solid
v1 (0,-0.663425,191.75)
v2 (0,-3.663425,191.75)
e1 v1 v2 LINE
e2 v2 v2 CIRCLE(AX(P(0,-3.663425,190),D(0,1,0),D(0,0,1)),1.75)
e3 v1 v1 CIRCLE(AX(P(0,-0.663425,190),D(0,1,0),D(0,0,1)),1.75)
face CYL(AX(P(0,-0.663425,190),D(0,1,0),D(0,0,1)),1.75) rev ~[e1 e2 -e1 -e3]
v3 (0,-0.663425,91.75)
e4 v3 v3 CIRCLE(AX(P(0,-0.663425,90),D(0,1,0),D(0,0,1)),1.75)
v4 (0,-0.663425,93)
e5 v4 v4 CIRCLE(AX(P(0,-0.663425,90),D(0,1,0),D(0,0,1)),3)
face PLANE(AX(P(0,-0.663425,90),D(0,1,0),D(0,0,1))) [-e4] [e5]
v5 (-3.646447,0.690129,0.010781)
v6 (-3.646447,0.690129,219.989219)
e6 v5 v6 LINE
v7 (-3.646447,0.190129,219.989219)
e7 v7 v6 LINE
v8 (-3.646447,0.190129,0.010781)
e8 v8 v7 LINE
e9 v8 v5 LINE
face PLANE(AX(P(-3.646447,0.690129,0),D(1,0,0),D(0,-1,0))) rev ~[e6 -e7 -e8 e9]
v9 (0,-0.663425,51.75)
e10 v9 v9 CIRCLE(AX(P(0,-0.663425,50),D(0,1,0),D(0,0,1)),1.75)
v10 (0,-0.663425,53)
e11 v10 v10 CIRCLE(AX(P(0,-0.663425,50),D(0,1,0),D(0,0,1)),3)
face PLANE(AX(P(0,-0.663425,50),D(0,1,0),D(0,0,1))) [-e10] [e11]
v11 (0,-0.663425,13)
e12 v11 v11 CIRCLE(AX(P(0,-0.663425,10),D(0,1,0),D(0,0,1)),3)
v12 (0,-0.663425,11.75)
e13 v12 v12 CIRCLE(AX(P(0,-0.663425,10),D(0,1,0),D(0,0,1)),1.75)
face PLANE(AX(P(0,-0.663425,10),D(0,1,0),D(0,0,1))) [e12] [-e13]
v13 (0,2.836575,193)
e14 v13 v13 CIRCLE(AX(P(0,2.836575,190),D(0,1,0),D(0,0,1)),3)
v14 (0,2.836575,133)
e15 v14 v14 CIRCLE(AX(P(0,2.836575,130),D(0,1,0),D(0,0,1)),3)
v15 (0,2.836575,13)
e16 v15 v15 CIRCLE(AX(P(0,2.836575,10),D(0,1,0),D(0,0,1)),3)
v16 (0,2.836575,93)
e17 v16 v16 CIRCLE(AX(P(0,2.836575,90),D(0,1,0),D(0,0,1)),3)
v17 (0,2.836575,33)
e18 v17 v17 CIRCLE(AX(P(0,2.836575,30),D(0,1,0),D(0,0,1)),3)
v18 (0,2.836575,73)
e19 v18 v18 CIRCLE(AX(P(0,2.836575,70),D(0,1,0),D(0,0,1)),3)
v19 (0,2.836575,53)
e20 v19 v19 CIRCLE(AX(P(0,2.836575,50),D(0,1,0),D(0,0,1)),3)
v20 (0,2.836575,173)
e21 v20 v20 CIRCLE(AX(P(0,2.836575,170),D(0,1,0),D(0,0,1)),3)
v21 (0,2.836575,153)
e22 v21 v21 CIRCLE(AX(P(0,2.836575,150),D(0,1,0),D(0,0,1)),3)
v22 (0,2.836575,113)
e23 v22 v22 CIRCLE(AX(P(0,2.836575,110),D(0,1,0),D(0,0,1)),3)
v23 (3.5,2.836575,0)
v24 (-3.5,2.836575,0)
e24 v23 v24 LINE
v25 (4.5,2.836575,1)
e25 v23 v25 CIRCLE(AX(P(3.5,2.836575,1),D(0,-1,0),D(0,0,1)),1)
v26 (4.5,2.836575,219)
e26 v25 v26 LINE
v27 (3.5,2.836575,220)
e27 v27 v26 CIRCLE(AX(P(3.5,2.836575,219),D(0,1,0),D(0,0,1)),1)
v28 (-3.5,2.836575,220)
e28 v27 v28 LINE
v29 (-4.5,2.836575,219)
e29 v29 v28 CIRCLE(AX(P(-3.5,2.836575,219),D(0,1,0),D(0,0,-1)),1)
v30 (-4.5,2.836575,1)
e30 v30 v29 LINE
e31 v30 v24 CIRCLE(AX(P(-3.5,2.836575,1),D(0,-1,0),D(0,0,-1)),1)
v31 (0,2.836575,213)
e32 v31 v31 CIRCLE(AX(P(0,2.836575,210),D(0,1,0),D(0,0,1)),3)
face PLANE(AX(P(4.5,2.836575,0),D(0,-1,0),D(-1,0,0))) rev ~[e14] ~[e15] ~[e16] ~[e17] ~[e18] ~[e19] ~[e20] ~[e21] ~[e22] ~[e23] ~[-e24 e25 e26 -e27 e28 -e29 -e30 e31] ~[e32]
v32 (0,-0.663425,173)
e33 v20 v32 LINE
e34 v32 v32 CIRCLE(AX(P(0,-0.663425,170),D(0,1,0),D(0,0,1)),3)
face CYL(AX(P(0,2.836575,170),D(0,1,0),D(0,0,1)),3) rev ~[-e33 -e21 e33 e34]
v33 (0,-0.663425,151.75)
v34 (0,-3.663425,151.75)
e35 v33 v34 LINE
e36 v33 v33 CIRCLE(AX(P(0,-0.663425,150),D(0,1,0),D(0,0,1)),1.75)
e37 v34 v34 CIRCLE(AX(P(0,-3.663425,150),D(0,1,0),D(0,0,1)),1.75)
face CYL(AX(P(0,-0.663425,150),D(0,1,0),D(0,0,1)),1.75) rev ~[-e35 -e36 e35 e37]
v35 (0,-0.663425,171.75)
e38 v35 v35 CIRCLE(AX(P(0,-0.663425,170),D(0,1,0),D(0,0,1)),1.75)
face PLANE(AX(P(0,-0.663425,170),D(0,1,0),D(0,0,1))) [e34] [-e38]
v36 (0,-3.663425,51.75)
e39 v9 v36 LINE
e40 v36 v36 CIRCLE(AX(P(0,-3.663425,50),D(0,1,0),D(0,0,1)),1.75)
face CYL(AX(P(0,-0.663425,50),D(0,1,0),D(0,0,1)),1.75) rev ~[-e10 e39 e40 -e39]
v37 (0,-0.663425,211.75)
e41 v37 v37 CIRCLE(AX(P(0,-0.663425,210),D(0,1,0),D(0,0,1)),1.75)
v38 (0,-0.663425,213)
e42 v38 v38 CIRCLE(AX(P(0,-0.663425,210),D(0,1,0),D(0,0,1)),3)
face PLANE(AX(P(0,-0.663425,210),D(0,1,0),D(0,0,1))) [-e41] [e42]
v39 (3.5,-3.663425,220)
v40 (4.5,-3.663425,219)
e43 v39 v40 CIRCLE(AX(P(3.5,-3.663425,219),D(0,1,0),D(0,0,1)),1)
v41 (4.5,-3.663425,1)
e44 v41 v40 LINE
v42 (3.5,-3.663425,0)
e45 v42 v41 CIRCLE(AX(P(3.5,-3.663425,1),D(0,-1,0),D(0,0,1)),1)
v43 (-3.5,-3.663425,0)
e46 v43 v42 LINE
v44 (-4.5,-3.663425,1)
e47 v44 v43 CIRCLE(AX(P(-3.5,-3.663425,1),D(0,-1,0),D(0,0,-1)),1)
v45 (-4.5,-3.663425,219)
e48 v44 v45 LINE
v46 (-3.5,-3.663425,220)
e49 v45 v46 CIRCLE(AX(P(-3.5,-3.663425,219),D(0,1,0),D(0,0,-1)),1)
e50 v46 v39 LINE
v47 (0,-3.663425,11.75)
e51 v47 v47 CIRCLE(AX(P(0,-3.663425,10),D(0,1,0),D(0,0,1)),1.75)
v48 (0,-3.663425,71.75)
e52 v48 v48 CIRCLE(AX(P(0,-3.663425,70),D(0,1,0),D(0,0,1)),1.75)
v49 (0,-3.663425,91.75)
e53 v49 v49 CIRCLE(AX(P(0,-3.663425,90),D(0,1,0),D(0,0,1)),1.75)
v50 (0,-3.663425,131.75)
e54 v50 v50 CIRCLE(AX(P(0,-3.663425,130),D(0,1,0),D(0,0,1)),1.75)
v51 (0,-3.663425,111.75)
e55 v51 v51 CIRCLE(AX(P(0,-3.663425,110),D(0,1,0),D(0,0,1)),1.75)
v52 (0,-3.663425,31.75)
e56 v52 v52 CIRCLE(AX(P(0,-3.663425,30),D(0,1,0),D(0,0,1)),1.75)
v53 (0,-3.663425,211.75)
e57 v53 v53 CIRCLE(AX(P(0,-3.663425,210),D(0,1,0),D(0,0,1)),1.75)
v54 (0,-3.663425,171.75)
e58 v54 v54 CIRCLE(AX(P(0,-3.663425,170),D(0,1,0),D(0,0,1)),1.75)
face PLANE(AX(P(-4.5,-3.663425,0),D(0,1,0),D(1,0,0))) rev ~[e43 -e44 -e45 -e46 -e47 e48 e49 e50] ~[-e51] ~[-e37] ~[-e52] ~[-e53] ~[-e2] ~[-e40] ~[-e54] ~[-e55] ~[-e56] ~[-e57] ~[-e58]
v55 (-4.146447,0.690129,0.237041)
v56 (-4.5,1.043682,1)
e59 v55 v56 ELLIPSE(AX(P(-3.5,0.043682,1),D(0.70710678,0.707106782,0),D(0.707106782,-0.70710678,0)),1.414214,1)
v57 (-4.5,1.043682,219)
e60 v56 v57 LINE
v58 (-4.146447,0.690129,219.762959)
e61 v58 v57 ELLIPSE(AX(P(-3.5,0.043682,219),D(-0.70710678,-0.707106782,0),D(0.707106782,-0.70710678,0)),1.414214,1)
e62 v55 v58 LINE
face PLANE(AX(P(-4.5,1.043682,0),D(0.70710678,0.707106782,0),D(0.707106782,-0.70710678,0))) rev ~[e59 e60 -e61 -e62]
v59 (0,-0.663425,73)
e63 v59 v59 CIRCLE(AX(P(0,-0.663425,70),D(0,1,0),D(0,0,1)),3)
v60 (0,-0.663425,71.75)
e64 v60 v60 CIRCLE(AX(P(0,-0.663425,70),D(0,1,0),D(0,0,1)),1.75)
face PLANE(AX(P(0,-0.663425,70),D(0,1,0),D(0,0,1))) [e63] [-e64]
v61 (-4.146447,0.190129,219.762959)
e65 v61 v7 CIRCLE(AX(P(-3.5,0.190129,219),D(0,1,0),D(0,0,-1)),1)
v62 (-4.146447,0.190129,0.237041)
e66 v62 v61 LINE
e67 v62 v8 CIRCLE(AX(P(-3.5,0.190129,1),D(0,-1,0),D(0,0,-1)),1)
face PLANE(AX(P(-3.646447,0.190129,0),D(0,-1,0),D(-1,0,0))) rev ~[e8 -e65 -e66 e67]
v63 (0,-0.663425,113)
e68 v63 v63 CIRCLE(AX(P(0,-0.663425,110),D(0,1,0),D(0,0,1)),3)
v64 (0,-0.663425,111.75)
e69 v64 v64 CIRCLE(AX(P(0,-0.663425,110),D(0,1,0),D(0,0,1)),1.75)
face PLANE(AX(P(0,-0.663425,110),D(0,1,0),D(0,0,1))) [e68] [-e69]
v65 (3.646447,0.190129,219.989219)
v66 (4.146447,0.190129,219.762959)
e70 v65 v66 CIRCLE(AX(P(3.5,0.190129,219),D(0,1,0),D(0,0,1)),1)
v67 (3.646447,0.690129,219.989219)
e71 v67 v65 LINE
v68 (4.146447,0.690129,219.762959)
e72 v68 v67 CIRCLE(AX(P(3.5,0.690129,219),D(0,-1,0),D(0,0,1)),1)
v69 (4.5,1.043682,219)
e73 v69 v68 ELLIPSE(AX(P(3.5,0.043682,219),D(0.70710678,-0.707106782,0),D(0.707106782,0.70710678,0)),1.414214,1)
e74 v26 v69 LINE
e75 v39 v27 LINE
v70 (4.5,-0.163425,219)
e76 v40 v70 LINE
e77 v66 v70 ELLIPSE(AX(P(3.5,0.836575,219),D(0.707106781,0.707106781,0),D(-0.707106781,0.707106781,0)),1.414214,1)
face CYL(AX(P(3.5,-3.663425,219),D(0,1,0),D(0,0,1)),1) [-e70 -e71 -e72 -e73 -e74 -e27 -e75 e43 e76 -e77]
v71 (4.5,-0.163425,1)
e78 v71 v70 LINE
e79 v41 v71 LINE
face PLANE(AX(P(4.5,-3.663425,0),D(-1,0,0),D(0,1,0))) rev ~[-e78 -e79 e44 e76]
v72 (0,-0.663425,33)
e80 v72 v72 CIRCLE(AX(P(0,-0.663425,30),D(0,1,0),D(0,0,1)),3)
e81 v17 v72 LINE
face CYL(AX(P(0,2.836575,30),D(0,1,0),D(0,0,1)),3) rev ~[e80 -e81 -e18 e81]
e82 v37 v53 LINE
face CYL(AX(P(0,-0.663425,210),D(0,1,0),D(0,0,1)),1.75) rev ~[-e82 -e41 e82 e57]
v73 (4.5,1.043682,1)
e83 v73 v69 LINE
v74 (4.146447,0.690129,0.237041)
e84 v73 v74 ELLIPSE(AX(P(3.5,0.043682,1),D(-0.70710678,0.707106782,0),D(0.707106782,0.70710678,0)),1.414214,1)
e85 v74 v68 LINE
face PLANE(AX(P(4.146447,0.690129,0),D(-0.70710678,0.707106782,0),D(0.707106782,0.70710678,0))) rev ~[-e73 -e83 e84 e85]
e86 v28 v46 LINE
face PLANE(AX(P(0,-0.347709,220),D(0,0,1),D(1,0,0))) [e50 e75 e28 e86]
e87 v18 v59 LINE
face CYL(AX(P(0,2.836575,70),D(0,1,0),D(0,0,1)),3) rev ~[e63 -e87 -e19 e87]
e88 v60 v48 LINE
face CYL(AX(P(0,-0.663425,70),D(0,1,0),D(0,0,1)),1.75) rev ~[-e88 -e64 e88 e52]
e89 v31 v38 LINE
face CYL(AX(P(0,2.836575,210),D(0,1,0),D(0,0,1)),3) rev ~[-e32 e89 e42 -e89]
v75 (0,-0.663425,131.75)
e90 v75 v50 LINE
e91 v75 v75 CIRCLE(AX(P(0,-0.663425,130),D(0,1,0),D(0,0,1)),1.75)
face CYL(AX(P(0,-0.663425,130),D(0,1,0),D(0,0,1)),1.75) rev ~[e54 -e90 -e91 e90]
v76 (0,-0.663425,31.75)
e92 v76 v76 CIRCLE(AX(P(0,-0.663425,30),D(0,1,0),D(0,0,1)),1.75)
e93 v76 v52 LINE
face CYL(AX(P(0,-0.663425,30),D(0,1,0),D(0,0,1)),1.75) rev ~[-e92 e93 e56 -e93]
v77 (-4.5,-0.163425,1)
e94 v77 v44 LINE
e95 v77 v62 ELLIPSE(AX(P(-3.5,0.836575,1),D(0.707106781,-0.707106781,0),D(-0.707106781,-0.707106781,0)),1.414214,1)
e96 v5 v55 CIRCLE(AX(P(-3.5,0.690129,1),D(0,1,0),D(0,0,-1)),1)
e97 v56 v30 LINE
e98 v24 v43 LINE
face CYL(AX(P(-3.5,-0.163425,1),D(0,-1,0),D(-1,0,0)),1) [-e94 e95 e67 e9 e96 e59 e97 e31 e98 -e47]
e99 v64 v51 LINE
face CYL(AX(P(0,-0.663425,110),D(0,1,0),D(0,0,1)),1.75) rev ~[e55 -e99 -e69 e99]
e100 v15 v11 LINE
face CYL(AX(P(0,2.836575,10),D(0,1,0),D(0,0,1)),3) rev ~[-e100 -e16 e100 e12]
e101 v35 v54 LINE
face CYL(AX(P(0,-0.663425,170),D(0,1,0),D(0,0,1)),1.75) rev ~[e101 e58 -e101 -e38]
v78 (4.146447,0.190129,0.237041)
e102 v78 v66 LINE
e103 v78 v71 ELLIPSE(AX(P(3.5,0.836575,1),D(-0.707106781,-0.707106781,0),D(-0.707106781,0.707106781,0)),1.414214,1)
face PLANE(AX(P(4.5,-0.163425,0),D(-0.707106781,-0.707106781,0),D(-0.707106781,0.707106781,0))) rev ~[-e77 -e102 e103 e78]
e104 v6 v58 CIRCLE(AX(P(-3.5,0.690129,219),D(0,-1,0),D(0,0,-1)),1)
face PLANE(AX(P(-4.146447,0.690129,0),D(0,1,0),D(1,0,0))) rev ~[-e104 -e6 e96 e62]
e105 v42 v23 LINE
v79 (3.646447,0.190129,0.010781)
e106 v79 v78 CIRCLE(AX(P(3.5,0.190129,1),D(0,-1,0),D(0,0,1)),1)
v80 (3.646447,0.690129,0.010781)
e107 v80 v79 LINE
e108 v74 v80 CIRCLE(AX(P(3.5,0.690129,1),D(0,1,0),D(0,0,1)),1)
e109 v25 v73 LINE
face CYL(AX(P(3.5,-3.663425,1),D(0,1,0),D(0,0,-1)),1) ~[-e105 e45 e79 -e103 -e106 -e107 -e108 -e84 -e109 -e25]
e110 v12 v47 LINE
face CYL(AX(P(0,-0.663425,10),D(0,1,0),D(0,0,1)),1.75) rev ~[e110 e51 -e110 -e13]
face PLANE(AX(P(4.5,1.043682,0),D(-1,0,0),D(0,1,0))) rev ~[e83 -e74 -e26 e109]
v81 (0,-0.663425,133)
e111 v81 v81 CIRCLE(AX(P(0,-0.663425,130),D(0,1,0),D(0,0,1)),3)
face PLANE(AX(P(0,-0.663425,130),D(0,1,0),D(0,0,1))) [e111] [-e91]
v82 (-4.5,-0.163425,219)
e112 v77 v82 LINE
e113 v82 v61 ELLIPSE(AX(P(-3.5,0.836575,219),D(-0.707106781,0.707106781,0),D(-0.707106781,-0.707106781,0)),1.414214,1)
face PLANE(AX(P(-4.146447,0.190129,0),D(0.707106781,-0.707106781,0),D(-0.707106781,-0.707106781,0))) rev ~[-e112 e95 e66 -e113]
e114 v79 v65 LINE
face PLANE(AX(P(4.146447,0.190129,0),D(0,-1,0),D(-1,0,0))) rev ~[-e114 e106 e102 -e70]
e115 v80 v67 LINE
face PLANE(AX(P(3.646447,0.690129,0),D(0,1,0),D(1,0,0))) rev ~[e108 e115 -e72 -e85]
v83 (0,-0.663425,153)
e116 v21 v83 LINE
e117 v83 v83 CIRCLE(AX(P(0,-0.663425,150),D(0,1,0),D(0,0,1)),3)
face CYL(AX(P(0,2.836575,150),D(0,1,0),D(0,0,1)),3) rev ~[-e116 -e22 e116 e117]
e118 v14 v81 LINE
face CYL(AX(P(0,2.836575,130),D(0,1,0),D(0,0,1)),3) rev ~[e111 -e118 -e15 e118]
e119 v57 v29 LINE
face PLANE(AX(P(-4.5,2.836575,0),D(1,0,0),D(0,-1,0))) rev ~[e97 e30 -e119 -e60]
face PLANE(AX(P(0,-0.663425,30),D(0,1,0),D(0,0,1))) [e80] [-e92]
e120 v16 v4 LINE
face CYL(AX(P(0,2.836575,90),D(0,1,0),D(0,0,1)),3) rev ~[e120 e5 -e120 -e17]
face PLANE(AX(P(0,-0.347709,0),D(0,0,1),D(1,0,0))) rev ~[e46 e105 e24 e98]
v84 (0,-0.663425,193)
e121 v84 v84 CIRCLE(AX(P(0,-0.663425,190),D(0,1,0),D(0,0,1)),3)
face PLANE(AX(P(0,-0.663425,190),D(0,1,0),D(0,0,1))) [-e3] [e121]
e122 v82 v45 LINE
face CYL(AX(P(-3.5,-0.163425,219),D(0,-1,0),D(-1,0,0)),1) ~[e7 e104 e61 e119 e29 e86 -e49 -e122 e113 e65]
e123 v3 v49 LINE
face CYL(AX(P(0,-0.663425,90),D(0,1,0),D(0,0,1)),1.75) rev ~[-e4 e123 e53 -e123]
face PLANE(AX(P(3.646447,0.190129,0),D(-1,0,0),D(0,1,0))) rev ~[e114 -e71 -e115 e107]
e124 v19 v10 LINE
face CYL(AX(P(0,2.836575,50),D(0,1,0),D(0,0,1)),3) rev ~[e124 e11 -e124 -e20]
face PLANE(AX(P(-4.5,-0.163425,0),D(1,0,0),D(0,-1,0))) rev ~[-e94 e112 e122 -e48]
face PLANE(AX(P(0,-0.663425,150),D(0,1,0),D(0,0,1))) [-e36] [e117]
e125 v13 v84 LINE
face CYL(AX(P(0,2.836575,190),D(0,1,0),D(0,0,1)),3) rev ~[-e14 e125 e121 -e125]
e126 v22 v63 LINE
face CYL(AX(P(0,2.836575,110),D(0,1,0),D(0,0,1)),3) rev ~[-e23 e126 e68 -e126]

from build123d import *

# Parameters (mm, degrees)
EXTRUDE_1_DEPTH        = 220
SKETCH_2_R             = 3
CUT_EXTRUDE_1_DEPTH    = 3.5
SKETCH_3_R             = 1.75
CUT_EXTRUDE_2_DEPTH    = 221.073851241
PATTERN_LINEAR_1_COUNT = 30
PATTERN_LINEAR_1_PITCH = 20
FILLET_1_R             = 1


with BuildPart() as part:
    # 草图1 → 凸台-拉伸1 (new body)
    with BuildSketch(Plane.XY):
        Polygon((-4.5, -3.663424778), (4.5, -3.663424778), (4.5, -0.163424778), (4.146446609, 0.190128613), (3.646446609, 0.190128613), (3.646446609, 0.690128613), (4.146446609, 0.690128613), (4.5, 1.043682003), (4.5, 2.836575222), (-4.5, 2.836575222), (-4.5, 1.043682003), (-4.146446609, 0.690128613), (-3.646446609, 0.690128613), (-3.646446609, 0.190128613), (-4.146446609, 0.190128613), (-4.5, -0.163424778), align=None)
    extrude(amount=EXTRUDE_1_DEPTH)

    # 草图2 → 切除-拉伸1 (cut)
    with BuildSketch(Plane(origin=(0, 2.836575222, 0), x_dir=(1, 0, 0), z_dir=(0, 1, 0))):
        with Locations(Location((0, -210, 0), (0, 0, 270))):
            Circle(SKETCH_2_R)
    cut_extrude_1 = extrude(amount=-CUT_EXTRUDE_1_DEPTH, mode=Mode.SUBTRACT)

    # 草图3 → 切除-拉伸2 (cut, through all)
    with BuildSketch(Plane(origin=(0, -0.663424778, 0), x_dir=(1, 0, 0), z_dir=(0, 1, 0))):
        with Locations(Location((0, -210, 0), (0, 0, 270))):
            Circle(SKETCH_3_R)
    cut_extrude_2 = extrude(amount=-CUT_EXTRUDE_2_DEPTH, mode=Mode.SUBTRACT)

    # 阵列(线性)1: 切除-拉伸1, 切除-拉伸2 ×30
    with Locations(*[(0, 0, -i * PATTERN_LINEAR_1_PITCH) for i in range(1, PATTERN_LINEAR_1_COUNT)]):
        add(cut_extrude_1, mode=Mode.SUBTRACT)
        add(cut_extrude_2, mode=Mode.SUBTRACT)

    # 圆角1
    fillet_1_edges = [part.edges().sort_by_distance(p)[0] for p in [
        (4.5, -1.913424778, 0),
        (-4.5, -1.913424778, 0),
        (4.5, -1.913424778, 220),
        (-4.5, -1.913424778, 220),
    ]]
    fillet(fillet_1_edges, radius=FILLET_1_R)


solid = part.part
